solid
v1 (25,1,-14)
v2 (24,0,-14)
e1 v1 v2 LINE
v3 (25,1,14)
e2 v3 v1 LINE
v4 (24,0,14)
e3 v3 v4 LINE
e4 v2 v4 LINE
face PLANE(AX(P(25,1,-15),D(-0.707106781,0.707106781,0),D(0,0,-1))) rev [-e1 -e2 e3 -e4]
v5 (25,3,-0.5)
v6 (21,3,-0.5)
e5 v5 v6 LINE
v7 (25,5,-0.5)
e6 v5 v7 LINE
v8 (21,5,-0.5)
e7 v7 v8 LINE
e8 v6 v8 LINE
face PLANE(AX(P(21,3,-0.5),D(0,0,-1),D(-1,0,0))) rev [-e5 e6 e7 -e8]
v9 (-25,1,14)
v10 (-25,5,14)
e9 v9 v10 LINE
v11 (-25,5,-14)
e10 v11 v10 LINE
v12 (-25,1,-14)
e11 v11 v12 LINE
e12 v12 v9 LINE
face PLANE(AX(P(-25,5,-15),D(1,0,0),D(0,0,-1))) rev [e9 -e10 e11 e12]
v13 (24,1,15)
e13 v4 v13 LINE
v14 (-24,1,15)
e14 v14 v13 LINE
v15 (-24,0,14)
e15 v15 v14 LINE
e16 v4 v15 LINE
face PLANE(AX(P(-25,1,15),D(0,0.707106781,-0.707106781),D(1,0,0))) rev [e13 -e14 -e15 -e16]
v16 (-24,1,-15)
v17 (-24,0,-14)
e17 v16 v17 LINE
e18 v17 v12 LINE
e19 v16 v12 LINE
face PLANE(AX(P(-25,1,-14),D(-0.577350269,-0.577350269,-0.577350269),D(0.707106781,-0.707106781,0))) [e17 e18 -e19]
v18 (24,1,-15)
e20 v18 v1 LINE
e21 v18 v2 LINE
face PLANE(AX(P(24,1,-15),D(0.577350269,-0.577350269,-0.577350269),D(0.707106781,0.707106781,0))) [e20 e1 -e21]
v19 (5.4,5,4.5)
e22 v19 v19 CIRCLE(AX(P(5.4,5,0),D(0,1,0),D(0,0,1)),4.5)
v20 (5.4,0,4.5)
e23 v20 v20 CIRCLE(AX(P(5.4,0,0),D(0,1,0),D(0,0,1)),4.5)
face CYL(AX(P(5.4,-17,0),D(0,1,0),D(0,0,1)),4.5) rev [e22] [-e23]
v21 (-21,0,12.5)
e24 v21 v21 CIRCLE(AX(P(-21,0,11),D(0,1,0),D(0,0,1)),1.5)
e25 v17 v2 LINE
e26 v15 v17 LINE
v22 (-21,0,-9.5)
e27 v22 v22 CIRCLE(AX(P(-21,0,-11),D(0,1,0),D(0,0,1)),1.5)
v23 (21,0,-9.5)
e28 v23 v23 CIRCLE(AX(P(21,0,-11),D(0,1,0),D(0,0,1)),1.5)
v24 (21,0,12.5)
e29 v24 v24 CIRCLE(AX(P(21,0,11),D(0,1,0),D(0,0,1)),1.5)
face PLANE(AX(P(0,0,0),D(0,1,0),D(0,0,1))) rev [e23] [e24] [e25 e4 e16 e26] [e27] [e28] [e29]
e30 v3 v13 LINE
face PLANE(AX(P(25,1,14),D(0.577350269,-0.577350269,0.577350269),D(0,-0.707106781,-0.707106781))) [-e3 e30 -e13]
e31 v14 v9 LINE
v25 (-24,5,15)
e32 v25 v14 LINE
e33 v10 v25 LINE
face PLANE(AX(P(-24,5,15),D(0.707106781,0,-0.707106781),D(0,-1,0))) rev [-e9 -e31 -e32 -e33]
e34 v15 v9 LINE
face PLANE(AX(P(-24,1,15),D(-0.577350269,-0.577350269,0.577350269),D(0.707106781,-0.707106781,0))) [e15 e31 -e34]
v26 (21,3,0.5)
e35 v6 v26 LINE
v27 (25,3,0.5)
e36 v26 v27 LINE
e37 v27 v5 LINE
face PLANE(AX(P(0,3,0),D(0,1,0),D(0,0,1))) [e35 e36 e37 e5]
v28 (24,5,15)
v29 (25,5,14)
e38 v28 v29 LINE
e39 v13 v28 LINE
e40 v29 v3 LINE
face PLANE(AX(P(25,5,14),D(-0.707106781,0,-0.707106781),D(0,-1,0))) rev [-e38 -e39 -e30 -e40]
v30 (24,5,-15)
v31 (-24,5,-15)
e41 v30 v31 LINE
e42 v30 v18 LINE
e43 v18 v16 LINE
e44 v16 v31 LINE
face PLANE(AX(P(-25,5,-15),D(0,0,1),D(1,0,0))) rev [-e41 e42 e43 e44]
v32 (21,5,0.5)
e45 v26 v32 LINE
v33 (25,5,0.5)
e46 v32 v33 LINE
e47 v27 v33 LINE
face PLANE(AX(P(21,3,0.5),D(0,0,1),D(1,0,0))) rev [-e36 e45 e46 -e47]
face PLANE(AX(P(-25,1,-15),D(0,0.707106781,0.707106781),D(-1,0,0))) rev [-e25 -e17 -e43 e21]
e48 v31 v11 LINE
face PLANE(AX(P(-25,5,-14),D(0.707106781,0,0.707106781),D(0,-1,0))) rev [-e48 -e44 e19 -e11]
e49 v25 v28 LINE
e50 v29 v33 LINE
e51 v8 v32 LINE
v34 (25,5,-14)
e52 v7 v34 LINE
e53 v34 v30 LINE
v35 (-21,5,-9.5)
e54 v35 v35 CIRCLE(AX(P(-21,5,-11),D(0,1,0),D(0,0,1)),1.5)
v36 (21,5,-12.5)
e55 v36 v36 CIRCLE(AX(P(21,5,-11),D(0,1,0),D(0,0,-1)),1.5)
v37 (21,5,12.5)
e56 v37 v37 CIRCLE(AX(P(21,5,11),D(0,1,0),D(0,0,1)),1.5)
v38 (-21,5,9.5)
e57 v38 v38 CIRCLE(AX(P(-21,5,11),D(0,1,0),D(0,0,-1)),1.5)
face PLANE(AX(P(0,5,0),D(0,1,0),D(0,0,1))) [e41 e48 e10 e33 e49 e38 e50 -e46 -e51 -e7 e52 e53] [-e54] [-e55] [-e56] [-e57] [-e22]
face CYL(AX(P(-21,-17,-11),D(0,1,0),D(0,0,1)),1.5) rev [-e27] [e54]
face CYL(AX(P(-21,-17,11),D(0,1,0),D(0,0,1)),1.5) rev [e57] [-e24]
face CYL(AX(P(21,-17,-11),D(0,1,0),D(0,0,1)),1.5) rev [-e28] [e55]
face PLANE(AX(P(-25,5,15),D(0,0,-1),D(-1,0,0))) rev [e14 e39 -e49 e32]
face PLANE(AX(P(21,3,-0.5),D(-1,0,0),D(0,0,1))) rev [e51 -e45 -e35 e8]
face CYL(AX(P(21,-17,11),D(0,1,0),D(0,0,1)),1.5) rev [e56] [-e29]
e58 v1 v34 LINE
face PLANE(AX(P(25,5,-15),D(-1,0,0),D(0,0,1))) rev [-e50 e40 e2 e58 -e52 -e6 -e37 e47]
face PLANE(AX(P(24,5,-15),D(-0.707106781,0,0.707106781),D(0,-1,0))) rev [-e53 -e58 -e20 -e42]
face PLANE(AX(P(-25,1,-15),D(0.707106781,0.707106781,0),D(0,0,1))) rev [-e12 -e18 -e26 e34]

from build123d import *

# Parameters (mm, degrees)
SKETCH1_W           = 50
SKETCH1_H           = 30
BOSS_EXTRUDE1_DEPTH = 5
SKETCH2_W           = 4
SKETCH2_H           = 1
CUT_EXTRUDE1_DEPTH  = 2
SKETCH3_R           = 4.5
CUT_EXTRUDE2_DEPTH  = 22
SKETCH3_3_R         = 4.5
SKETCH3_3_R_2       = 1.5
CUT_EXTRUDE3_DEPTH  = 22
CHAMFER1_SIZE       = 1


with BuildPart() as part:
    # Sketch1 → Boss-Extrude1 (new body)
    with BuildSketch(Plane(origin=(0, 0, 0), x_dir=(1, 0, 0), z_dir=(0, 1, 0))):
        Rectangle(SKETCH1_W, SKETCH1_H)
    extrude(amount=BOSS_EXTRUDE1_DEPTH)

    # Sketch2 → Cut-Extrude1 (cut)
    with BuildSketch(Plane(origin=(0, 5, 0), x_dir=(1, 0, 0), z_dir=(0, 1, 0))):
        with Locations((23, 0)):
            Rectangle(SKETCH2_W, SKETCH2_H)
    extrude(amount=-CUT_EXTRUDE1_DEPTH, mode=Mode.SUBTRACT)

    # Sketch3 → Cut-Extrude2 (cut)
    with BuildSketch(Plane(origin=(0, 5, 0), x_dir=(1, 0, 0), z_dir=(0, 1, 0))):
        with Locations((5.4, 0)):
            Circle(SKETCH3_R)
    extrude(amount=-CUT_EXTRUDE2_DEPTH, mode=Mode.SUBTRACT)

    # Sketch3<3> → Cut-Extrude3 (cut)
    with BuildSketch(Plane(origin=(0, 5, 0), x_dir=(1, 0, 0), z_dir=(0, 1, 0))):
        with Locations((5.4, 0)):
            Circle(SKETCH3_3_R)
        with Locations((-21, 11)):
            Circle(SKETCH3_3_R_2)
        with Locations((21, 11)):
            Circle(SKETCH3_3_R_2)
        with Locations((21, -11)):
            Circle(SKETCH3_3_R_2)
        with Locations((-21, -11)):
            Circle(SKETCH3_3_R_2)
    extrude(amount=-CUT_EXTRUDE3_DEPTH, mode=Mode.SUBTRACT)

    # Chamfer1
    chamfer1_edges = [part.edges().sort_by_distance(p)[0] for p in [
        (0, 0, 15),
        (-25, 0, 0),
        (0, 0, -15),
        (25, 0, 0),
        (25, 2.5, 15),
        (-25, 2.5, 15),
        (-25, 2.5, -15),
        (25, 2.5, -15),
    ]]
    chamfer(chamfer1_edges, length=CHAMFER1_SIZE)


solid = part.part
